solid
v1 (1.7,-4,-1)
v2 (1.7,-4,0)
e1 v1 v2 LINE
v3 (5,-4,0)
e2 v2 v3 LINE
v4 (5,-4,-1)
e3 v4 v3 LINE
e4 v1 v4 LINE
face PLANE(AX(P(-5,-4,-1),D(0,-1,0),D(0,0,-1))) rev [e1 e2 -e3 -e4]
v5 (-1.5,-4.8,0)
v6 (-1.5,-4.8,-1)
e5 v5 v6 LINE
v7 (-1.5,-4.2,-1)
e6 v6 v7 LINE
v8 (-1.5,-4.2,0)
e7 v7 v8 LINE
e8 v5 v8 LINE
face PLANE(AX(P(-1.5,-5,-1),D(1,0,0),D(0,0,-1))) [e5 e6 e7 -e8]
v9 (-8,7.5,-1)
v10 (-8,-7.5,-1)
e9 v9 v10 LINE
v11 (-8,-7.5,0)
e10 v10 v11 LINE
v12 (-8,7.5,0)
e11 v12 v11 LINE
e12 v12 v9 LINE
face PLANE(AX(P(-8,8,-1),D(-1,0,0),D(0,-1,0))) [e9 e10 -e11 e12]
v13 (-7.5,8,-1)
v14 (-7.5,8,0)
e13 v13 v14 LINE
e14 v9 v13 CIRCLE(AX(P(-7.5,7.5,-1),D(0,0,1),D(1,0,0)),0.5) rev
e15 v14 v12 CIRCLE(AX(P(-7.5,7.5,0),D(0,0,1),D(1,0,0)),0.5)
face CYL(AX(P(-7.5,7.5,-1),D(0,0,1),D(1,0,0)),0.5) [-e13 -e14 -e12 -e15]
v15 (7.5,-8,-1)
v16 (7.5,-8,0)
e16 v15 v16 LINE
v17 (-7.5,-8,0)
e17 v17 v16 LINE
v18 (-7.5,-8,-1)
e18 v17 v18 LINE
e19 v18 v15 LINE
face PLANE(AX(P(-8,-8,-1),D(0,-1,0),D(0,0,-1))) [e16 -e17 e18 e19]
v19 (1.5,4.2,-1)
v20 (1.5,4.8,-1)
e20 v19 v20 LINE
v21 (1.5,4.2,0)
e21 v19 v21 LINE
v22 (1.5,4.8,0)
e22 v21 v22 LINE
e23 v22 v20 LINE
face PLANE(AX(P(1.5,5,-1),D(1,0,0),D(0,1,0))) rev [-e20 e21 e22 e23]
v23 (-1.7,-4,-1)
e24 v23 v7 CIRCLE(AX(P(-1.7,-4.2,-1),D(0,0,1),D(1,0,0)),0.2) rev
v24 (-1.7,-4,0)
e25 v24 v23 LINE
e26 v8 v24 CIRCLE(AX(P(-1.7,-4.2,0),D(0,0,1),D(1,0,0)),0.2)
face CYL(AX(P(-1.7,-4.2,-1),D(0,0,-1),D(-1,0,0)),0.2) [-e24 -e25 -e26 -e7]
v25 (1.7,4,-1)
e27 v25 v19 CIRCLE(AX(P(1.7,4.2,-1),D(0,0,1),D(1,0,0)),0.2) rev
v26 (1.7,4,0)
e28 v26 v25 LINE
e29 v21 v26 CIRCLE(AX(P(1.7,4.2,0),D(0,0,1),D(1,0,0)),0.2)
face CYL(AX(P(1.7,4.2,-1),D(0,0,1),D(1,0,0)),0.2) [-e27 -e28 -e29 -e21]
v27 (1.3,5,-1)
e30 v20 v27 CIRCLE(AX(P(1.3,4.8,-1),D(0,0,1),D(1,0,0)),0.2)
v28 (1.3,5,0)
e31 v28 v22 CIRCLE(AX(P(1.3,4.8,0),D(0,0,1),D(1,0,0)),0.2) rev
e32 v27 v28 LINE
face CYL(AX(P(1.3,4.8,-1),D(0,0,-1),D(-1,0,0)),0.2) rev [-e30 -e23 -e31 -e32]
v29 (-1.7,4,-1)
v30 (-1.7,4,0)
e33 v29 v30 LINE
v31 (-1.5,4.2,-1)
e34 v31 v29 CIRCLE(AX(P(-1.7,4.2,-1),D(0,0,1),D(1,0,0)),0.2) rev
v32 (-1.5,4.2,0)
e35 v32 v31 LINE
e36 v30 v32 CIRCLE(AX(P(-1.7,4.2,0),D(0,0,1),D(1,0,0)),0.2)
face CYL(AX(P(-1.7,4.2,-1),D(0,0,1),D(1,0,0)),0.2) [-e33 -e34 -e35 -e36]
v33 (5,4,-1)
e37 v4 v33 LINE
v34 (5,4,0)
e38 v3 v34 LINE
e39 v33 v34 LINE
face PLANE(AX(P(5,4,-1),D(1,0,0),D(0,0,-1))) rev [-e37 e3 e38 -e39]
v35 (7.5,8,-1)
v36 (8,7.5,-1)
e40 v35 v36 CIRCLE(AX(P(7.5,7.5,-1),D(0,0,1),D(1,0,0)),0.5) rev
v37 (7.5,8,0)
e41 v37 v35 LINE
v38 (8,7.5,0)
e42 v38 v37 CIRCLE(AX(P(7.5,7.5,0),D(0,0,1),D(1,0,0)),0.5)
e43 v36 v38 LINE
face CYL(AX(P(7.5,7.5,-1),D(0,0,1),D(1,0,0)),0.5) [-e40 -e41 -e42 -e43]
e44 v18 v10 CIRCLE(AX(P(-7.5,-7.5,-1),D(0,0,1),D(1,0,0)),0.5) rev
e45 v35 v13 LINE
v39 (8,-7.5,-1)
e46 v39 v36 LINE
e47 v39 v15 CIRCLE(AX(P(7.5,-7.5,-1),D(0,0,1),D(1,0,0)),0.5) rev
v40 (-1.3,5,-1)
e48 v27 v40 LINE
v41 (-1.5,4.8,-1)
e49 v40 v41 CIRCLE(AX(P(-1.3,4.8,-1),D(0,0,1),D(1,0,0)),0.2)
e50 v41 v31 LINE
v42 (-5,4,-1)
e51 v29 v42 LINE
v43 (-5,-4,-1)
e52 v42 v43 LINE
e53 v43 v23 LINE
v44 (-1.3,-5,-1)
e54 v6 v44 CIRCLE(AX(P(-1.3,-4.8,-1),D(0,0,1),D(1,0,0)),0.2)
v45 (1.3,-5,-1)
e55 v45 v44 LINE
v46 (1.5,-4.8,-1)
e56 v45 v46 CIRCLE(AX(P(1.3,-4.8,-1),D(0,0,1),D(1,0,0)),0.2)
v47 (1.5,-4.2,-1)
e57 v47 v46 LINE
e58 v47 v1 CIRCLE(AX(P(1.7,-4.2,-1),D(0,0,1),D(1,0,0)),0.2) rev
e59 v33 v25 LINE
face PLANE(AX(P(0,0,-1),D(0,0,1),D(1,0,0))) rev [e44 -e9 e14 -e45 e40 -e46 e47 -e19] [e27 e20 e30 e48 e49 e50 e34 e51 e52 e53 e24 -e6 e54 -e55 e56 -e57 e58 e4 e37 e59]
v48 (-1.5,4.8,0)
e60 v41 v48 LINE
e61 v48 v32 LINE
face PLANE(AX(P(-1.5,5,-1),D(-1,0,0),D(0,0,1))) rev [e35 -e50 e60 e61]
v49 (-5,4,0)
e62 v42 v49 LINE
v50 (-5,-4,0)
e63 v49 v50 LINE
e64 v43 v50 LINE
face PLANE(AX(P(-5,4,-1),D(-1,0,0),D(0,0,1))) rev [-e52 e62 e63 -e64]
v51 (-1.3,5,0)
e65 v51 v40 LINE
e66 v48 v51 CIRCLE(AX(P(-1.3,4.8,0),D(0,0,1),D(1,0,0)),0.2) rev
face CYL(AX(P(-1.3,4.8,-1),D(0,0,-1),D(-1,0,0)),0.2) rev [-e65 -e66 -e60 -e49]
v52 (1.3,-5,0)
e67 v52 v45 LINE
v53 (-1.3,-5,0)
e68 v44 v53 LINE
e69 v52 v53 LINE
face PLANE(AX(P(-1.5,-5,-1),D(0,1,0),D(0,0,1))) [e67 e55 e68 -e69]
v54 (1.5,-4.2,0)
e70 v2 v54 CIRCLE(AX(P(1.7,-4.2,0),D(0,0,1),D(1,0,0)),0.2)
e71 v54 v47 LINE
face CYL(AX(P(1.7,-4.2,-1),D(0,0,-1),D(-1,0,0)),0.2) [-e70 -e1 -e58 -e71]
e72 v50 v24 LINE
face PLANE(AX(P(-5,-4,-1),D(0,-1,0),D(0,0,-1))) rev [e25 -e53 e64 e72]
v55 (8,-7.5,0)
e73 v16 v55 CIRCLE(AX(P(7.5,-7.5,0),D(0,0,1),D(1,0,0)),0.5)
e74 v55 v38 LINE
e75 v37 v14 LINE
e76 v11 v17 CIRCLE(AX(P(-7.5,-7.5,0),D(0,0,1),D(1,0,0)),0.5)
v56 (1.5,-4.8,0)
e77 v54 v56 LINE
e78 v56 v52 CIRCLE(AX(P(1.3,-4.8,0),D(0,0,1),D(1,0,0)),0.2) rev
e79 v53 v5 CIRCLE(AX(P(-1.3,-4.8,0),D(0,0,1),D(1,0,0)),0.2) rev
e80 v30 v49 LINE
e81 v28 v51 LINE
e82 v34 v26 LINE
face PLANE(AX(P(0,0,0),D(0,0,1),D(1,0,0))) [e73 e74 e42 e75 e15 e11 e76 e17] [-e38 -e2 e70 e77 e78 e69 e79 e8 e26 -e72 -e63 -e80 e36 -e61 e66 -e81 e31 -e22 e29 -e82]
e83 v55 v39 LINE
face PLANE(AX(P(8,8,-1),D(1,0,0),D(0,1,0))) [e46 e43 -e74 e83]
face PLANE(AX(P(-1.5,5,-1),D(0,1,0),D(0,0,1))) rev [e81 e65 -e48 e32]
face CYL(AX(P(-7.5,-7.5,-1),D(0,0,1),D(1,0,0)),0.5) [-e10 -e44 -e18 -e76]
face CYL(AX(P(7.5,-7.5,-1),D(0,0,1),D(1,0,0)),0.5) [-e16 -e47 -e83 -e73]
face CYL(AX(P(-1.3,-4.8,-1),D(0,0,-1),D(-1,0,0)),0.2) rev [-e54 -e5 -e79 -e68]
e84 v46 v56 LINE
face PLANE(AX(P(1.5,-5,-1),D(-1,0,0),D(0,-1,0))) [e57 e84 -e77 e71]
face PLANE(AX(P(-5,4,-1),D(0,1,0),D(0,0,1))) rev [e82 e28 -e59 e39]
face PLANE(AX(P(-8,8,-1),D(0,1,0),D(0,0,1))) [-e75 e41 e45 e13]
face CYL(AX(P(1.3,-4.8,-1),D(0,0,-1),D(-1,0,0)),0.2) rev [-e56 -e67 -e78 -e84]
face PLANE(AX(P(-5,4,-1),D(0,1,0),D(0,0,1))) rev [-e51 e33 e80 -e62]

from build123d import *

# Parameters (mm, degrees)
MAINBODYS_W     = 16
MAINBODYS_H     = 16
MAIN_BODY_DEPTH = 1
MIDCUTS_W       = 10
MIDCUTS_H       = 8
MID_CUT_DEPTH   = 12.357816692
GROUNDCUTS_W    = 3
GROUNDCUTS_H    = 1
GROUNDCUT_DEPTH = 12.357816692
OUTER_FILLETS_R = 0.5
GCF_R           = 0.2


with BuildPart() as part:
    # MainBodyS → MAIN BODY (new body)
    with BuildSketch(Plane.XY):
        Rectangle(MAINBODYS_W, MAINBODYS_H)
    extrude(amount=-MAIN_BODY_DEPTH)

    # MidCutS → MID CUT (cut, through all)
    with BuildSketch(Plane.XY):
        Rectangle(MIDCUTS_W, MIDCUTS_H)
    extrude(amount=-MID_CUT_DEPTH, mode=Mode.SUBTRACT)

    # GroundCutS → GroundCut (cut, through all)
    with BuildSketch(Plane.XY):
        with Locations((0, 4.5)):
            Rectangle(GROUNDCUTS_W, GROUNDCUTS_H)
    groundcut = extrude(amount=-GROUNDCUT_DEPTH, mode=Mode.SUBTRACT)

    # GCVM: GroundCut across plane
    add(groundcut.mirror(Plane.ZX), mode=Mode.SUBTRACT)

    # OUTER FILLETS
    outer_fillets_edges = [part.edges().sort_by_distance(p)[0] for p in [
        (8, -8, -0.5),
        (-8, -8, -0.5),
        (-8, 8, -0.5),
        (8, 8, -0.5),
    ]]
    fillet(outer_fillets_edges, radius=OUTER_FILLETS_R)

    # GCF
    gcf_edges = [part.edges().sort_by_distance(p)[0] for p in [
        (1.5, 5, -0.5),
        (1.5, 4, -0.5),
        (-1.5, 4, -0.5),
        (-1.5, 5, -0.5),
        (1.5, -4, -0.5),
        (1.5, -5, -0.5),
        (-1.5, -5, -0.5),
        (-1.5, -4, -0.5),
    ]]
    fillet(gcf_edges, radius=GCF_R)


solid = part.part
